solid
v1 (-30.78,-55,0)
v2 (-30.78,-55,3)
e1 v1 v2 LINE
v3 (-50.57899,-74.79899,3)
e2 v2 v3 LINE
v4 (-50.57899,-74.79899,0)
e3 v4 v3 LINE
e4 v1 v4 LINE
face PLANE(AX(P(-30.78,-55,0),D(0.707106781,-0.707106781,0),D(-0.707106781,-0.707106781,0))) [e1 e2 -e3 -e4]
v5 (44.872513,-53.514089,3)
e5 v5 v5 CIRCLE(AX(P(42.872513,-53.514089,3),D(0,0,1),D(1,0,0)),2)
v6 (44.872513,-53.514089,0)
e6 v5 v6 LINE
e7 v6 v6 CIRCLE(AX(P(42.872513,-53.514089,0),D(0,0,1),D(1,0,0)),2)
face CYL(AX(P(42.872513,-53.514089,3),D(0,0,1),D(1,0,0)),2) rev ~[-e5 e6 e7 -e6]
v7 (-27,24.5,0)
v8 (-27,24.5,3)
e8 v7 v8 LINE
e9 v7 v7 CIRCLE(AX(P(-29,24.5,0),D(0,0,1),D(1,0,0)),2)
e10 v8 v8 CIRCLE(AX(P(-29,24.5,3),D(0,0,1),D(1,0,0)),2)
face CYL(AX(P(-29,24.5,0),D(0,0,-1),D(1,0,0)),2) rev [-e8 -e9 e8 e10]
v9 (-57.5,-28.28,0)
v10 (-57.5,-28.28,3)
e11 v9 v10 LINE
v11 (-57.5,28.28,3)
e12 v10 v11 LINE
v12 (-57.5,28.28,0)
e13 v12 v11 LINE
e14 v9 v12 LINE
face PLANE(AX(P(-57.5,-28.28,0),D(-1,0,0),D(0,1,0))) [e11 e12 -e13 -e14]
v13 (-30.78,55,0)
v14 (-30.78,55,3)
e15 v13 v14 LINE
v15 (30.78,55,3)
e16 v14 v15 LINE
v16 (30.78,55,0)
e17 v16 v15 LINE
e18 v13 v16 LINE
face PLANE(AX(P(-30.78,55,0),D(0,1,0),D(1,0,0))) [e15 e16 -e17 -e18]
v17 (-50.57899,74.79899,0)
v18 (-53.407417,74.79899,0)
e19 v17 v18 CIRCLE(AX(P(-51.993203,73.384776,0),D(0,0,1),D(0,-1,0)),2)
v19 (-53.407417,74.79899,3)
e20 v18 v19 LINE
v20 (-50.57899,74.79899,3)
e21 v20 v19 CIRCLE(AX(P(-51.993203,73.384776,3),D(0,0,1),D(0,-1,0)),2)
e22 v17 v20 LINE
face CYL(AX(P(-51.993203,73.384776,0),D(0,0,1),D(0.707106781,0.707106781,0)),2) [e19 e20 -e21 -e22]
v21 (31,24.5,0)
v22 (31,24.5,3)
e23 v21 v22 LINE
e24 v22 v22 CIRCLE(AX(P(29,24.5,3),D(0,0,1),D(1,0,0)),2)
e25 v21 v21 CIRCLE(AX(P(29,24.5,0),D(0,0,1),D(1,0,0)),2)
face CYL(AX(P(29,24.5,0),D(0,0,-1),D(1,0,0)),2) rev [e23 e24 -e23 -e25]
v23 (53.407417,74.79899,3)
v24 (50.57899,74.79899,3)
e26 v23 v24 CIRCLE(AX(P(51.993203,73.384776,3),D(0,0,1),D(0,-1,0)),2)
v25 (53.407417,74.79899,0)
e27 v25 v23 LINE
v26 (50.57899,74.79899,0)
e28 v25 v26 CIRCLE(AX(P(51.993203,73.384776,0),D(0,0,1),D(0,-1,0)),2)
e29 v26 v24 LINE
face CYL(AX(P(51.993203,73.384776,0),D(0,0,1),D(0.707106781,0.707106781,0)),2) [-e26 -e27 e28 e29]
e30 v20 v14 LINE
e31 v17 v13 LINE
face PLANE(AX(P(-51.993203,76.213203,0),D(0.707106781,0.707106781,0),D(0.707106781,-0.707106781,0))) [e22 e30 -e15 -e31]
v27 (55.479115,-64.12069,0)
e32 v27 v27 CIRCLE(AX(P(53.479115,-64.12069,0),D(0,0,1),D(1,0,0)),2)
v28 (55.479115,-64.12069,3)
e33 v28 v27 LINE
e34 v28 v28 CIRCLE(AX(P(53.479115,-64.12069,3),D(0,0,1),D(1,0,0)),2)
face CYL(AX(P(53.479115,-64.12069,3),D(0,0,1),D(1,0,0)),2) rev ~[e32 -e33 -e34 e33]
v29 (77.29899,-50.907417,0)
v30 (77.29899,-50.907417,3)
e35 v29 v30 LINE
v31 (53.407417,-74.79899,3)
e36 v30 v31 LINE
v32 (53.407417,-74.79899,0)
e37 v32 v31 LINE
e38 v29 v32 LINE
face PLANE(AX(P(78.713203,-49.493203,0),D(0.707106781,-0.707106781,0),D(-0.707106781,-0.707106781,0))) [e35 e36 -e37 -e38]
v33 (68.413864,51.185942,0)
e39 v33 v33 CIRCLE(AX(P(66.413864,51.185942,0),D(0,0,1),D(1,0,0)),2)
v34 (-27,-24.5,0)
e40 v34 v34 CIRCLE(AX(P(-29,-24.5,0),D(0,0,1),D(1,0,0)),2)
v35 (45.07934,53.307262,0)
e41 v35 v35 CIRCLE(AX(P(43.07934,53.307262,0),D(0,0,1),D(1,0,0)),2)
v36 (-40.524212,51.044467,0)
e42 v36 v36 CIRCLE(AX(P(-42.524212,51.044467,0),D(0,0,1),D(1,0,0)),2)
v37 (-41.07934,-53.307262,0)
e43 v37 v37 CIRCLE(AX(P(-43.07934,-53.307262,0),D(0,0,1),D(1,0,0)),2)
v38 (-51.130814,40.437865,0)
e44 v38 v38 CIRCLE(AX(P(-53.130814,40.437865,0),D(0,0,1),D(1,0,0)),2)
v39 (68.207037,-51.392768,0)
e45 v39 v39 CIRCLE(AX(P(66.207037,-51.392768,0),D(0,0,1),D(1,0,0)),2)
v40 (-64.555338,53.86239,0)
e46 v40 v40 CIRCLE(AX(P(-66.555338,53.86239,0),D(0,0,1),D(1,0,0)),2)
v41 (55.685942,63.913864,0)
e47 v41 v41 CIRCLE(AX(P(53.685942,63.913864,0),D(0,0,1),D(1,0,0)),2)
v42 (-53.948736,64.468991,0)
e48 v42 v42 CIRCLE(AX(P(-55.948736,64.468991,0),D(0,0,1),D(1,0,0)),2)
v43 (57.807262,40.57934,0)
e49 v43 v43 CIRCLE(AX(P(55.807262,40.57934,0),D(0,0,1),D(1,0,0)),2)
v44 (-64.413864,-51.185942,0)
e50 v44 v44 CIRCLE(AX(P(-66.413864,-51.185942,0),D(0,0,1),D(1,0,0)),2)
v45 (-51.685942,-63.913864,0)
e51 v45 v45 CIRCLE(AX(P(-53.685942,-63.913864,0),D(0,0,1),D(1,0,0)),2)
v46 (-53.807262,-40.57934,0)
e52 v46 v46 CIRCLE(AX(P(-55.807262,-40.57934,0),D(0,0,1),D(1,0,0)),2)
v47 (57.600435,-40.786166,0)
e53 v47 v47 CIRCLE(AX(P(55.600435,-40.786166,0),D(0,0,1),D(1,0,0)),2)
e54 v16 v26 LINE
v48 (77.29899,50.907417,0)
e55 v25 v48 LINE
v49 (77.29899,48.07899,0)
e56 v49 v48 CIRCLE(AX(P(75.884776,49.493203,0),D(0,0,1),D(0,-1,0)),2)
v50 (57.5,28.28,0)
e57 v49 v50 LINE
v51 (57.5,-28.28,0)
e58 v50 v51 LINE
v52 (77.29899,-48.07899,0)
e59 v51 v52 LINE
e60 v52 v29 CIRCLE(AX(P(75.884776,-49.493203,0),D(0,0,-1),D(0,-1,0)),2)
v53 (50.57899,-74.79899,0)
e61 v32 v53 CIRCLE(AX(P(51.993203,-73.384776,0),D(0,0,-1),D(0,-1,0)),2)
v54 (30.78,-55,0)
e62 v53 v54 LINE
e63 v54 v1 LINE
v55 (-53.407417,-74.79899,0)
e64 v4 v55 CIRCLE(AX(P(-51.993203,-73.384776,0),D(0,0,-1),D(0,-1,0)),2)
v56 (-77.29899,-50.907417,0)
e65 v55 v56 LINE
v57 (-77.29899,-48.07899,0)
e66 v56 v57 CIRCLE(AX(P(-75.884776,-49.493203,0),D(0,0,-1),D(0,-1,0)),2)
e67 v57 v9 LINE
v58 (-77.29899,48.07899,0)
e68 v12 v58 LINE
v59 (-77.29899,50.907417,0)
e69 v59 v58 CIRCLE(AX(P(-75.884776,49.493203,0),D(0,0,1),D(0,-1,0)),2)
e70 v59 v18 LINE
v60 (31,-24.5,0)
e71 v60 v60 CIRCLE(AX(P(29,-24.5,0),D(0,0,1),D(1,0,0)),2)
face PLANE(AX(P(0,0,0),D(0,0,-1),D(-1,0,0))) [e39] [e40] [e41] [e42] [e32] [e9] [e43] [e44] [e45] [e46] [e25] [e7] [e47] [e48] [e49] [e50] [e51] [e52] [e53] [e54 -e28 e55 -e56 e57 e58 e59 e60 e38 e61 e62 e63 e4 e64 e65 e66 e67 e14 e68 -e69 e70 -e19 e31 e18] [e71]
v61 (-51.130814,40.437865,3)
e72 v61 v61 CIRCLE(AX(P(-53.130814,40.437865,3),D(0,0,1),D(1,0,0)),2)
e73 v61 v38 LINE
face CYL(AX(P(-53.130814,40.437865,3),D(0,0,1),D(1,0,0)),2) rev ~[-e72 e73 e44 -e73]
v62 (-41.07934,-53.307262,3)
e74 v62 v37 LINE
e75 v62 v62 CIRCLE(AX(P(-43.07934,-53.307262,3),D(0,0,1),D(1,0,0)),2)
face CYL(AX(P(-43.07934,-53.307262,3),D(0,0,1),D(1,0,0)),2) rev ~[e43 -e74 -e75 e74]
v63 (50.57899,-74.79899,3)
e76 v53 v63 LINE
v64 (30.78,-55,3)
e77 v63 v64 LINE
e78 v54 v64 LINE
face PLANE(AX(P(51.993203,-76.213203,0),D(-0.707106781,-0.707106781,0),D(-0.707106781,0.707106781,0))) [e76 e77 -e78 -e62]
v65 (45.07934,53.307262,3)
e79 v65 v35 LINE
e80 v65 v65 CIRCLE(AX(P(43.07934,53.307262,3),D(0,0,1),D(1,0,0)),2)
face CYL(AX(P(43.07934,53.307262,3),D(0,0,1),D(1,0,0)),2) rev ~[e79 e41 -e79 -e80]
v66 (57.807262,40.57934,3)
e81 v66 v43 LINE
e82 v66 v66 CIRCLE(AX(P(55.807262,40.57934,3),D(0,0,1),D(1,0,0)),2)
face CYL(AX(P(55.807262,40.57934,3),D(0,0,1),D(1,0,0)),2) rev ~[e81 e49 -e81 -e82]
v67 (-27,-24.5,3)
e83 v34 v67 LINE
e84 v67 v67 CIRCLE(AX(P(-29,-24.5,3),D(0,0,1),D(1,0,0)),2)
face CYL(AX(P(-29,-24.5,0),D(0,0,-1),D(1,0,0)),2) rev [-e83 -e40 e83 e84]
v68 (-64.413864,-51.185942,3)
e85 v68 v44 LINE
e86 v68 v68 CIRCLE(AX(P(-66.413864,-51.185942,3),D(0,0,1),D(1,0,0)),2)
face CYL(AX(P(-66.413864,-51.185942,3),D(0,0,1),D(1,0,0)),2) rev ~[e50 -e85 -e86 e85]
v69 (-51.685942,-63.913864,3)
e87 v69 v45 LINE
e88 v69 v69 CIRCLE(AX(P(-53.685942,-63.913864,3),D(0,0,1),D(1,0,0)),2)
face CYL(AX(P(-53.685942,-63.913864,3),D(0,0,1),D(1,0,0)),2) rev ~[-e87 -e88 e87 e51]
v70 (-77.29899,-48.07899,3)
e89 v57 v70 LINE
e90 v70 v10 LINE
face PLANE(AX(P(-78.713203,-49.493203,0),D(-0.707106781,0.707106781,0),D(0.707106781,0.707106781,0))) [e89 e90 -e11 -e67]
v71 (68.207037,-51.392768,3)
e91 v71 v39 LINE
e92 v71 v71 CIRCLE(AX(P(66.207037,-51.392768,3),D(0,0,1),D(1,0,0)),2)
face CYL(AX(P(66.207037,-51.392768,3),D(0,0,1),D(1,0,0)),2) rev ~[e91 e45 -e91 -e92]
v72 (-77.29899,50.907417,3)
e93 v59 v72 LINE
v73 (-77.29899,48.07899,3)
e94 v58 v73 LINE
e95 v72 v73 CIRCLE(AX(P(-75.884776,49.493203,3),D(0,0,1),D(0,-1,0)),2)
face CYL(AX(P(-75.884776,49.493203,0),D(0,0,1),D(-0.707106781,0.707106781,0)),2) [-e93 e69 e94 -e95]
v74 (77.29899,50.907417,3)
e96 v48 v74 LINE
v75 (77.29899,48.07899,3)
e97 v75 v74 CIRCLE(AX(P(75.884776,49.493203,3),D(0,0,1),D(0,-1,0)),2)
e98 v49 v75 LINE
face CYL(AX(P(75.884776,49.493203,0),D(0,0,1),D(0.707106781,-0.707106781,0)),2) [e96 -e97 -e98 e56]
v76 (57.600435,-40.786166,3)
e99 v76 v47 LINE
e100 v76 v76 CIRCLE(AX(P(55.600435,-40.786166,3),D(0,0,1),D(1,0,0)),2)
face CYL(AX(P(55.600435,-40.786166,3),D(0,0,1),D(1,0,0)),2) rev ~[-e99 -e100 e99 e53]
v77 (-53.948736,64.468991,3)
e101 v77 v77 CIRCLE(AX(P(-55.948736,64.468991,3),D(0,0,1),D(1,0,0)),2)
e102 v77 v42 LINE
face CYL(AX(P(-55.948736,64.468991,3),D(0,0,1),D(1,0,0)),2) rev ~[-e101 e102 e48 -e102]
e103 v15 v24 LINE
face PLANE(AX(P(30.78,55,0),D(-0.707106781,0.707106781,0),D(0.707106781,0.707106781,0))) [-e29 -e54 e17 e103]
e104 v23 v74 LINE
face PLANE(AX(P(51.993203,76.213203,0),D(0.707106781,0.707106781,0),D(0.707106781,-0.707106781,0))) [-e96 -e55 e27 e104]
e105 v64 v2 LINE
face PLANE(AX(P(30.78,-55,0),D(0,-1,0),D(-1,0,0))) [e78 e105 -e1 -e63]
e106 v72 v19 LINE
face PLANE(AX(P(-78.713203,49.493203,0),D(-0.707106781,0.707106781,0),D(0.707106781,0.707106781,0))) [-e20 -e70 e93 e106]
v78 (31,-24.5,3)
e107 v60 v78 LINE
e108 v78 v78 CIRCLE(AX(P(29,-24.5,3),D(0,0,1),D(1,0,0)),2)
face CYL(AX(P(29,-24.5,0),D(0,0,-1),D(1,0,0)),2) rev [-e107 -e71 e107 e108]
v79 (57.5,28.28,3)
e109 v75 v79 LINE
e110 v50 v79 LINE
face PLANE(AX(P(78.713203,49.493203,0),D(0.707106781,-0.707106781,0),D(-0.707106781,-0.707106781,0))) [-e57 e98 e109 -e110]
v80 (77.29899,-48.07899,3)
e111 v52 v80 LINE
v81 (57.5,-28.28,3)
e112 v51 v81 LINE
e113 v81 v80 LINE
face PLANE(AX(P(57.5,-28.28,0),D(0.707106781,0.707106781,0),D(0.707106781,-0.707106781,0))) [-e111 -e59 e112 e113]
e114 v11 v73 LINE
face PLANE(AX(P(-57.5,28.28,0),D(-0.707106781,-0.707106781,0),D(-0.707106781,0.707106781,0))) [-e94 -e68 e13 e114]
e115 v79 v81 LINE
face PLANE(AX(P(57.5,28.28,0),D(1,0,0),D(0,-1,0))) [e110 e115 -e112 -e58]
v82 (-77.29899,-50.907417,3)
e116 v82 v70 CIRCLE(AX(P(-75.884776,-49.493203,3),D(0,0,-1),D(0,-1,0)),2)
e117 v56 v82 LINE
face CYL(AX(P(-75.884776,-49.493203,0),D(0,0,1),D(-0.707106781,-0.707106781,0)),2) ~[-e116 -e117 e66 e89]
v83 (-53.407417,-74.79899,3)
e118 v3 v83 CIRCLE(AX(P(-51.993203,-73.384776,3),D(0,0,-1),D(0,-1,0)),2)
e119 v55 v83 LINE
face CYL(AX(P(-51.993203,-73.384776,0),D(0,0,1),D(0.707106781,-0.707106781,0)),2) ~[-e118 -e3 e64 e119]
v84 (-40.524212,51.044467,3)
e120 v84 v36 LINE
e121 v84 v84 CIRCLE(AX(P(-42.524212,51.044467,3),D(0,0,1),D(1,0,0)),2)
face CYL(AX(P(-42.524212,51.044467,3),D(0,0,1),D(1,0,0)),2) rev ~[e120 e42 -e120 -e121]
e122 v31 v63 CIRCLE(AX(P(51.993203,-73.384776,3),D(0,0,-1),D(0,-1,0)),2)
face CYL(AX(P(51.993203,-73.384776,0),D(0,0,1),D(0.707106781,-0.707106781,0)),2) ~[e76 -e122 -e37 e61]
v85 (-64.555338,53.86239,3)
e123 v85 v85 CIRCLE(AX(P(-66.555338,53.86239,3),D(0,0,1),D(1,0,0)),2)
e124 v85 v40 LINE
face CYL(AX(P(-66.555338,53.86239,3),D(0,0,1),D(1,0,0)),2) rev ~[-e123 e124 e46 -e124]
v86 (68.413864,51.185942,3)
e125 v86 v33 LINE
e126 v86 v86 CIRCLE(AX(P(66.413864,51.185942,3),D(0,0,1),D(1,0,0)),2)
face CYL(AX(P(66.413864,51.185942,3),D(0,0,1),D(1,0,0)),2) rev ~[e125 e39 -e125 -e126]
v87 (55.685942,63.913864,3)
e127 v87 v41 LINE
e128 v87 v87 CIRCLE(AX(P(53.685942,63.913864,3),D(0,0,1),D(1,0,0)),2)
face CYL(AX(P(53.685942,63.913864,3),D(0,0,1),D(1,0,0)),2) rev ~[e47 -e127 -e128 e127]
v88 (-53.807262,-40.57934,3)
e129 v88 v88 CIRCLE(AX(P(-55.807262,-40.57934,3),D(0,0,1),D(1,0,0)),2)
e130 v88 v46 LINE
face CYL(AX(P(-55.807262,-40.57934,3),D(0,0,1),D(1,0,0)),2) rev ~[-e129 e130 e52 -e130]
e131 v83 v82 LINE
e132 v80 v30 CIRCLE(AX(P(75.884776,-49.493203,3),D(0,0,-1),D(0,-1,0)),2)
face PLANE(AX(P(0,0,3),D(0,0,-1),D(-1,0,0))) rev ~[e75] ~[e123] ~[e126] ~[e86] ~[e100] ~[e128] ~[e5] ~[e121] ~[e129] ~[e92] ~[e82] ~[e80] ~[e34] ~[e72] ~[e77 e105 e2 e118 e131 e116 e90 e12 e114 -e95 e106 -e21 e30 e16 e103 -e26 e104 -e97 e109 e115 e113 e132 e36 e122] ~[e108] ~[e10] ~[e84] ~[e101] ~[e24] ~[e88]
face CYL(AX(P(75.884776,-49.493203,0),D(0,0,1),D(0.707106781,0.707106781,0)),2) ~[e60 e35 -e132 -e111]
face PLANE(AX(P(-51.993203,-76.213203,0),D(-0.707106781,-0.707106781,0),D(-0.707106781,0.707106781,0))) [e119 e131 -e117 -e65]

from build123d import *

# Parameters (mm, degrees)
SKETCH1_R           = 2
BOSS_EXTRUDE1_DEPTH = 3
SKETCH2_R           = 2
CUT_EXTRUDE1_DEPTH  = 110.604839186
FILLET1_R           = 2


with BuildPart() as part:
    # Sketch1 → Boss-Extrude1 (new body)
    with BuildSketch(Plane.XY):
        Polygon((78.713203436, 49.493203436), (57.5, 28.28), (57.5, -28.28), (78.713203436, -49.493203436), (51.993203436, -76.213203436), (30.78, -55), (-30.78, -55), (-51.993203436, -76.213203436), (-78.713203436, -49.493203436), (-57.5, -28.28), (-57.5, 28.28), (-78.713203436, 49.493203436), (-51.993203436, 76.213203436), (-30.78, 55), (30.78, 55), (51.993203436, 76.213203436), align=None)
        with Locations((29, -24.5)):
            Circle(SKETCH1_R, mode=Mode.SUBTRACT)
        with Locations((29, 24.5)):
            Circle(SKETCH1_R, mode=Mode.SUBTRACT)
        with Locations((-29, -24.5)):
            Circle(SKETCH1_R, mode=Mode.SUBTRACT)
        with Locations((-29, 24.5)):
            Circle(SKETCH1_R, mode=Mode.SUBTRACT)
    extrude(amount=BOSS_EXTRUDE1_DEPTH)

    # Sketch2 → Cut-Extrude1 (cut, through all)
    with BuildSketch(Plane.XY.offset(3)):
        with Locations((43.079339828, 53.30726189)):
            Circle(SKETCH2_R)
        with Locations((53.685941546, 63.913863607)):
            Circle(SKETCH2_R)
        with Locations((55.80726189, 40.579339828)):
            Circle(SKETCH2_R)
        with Locations((66.413863607, 51.185941546)):
            Circle(SKETCH2_R)
        with Locations((-66.413863607, -51.185941546)):
            Circle(SKETCH2_R)
        with Locations((-55.80726189, -40.579339828)):
            Circle(SKETCH2_R)
        with Locations((-43.079339828, -53.30726189)):
            Circle(SKETCH2_R)
        with Locations((-53.685941546, -63.913863607)):
            Circle(SKETCH2_R)
        with Locations((-55.948736265, 64.468991324)):
            Circle(SKETCH2_R)
        with Locations((-42.524212111, 51.044467171)):
            Circle(SKETCH2_R)
        with Locations((-53.130813829, 40.437865453)):
            Circle(SKETCH2_R)
        with Locations((-66.555337983, 53.862389606)):
            Circle(SKETCH2_R)
        with Locations((55.600435219, -40.786166499)):
            Circle(SKETCH2_R)
        with Locations((42.872513157, -53.51408856)):
            Circle(SKETCH2_R)
        with Locations((66.207036937, -51.392768217)):
            Circle(SKETCH2_R)
        with Locations((53.479114875, -64.120690278)):
            Circle(SKETCH2_R)
    extrude(amount=-CUT_EXTRUDE1_DEPTH, mode=Mode.SUBTRACT)

    # Fillet1
    fillet1_edges = [part.edges().sort_by_distance(p)[0] for p in [
        (78.713203436, -49.493203436, 1.5),
        (51.993203436, -76.213203436, 1.5),
        (-51.993203436, -76.213203436, 1.5),
        (-78.713203436, -49.493203436, 1.5),
        (-78.713203436, 49.493203436, 1.5),
        (-51.993203436, 76.213203436, 1.5),
        (51.993203436, 76.213203436, 1.5),
        (78.713203436, 49.493203436, 1.5),
    ]]
    fillet(fillet1_edges, radius=FILLET1_R)


solid = part.part
